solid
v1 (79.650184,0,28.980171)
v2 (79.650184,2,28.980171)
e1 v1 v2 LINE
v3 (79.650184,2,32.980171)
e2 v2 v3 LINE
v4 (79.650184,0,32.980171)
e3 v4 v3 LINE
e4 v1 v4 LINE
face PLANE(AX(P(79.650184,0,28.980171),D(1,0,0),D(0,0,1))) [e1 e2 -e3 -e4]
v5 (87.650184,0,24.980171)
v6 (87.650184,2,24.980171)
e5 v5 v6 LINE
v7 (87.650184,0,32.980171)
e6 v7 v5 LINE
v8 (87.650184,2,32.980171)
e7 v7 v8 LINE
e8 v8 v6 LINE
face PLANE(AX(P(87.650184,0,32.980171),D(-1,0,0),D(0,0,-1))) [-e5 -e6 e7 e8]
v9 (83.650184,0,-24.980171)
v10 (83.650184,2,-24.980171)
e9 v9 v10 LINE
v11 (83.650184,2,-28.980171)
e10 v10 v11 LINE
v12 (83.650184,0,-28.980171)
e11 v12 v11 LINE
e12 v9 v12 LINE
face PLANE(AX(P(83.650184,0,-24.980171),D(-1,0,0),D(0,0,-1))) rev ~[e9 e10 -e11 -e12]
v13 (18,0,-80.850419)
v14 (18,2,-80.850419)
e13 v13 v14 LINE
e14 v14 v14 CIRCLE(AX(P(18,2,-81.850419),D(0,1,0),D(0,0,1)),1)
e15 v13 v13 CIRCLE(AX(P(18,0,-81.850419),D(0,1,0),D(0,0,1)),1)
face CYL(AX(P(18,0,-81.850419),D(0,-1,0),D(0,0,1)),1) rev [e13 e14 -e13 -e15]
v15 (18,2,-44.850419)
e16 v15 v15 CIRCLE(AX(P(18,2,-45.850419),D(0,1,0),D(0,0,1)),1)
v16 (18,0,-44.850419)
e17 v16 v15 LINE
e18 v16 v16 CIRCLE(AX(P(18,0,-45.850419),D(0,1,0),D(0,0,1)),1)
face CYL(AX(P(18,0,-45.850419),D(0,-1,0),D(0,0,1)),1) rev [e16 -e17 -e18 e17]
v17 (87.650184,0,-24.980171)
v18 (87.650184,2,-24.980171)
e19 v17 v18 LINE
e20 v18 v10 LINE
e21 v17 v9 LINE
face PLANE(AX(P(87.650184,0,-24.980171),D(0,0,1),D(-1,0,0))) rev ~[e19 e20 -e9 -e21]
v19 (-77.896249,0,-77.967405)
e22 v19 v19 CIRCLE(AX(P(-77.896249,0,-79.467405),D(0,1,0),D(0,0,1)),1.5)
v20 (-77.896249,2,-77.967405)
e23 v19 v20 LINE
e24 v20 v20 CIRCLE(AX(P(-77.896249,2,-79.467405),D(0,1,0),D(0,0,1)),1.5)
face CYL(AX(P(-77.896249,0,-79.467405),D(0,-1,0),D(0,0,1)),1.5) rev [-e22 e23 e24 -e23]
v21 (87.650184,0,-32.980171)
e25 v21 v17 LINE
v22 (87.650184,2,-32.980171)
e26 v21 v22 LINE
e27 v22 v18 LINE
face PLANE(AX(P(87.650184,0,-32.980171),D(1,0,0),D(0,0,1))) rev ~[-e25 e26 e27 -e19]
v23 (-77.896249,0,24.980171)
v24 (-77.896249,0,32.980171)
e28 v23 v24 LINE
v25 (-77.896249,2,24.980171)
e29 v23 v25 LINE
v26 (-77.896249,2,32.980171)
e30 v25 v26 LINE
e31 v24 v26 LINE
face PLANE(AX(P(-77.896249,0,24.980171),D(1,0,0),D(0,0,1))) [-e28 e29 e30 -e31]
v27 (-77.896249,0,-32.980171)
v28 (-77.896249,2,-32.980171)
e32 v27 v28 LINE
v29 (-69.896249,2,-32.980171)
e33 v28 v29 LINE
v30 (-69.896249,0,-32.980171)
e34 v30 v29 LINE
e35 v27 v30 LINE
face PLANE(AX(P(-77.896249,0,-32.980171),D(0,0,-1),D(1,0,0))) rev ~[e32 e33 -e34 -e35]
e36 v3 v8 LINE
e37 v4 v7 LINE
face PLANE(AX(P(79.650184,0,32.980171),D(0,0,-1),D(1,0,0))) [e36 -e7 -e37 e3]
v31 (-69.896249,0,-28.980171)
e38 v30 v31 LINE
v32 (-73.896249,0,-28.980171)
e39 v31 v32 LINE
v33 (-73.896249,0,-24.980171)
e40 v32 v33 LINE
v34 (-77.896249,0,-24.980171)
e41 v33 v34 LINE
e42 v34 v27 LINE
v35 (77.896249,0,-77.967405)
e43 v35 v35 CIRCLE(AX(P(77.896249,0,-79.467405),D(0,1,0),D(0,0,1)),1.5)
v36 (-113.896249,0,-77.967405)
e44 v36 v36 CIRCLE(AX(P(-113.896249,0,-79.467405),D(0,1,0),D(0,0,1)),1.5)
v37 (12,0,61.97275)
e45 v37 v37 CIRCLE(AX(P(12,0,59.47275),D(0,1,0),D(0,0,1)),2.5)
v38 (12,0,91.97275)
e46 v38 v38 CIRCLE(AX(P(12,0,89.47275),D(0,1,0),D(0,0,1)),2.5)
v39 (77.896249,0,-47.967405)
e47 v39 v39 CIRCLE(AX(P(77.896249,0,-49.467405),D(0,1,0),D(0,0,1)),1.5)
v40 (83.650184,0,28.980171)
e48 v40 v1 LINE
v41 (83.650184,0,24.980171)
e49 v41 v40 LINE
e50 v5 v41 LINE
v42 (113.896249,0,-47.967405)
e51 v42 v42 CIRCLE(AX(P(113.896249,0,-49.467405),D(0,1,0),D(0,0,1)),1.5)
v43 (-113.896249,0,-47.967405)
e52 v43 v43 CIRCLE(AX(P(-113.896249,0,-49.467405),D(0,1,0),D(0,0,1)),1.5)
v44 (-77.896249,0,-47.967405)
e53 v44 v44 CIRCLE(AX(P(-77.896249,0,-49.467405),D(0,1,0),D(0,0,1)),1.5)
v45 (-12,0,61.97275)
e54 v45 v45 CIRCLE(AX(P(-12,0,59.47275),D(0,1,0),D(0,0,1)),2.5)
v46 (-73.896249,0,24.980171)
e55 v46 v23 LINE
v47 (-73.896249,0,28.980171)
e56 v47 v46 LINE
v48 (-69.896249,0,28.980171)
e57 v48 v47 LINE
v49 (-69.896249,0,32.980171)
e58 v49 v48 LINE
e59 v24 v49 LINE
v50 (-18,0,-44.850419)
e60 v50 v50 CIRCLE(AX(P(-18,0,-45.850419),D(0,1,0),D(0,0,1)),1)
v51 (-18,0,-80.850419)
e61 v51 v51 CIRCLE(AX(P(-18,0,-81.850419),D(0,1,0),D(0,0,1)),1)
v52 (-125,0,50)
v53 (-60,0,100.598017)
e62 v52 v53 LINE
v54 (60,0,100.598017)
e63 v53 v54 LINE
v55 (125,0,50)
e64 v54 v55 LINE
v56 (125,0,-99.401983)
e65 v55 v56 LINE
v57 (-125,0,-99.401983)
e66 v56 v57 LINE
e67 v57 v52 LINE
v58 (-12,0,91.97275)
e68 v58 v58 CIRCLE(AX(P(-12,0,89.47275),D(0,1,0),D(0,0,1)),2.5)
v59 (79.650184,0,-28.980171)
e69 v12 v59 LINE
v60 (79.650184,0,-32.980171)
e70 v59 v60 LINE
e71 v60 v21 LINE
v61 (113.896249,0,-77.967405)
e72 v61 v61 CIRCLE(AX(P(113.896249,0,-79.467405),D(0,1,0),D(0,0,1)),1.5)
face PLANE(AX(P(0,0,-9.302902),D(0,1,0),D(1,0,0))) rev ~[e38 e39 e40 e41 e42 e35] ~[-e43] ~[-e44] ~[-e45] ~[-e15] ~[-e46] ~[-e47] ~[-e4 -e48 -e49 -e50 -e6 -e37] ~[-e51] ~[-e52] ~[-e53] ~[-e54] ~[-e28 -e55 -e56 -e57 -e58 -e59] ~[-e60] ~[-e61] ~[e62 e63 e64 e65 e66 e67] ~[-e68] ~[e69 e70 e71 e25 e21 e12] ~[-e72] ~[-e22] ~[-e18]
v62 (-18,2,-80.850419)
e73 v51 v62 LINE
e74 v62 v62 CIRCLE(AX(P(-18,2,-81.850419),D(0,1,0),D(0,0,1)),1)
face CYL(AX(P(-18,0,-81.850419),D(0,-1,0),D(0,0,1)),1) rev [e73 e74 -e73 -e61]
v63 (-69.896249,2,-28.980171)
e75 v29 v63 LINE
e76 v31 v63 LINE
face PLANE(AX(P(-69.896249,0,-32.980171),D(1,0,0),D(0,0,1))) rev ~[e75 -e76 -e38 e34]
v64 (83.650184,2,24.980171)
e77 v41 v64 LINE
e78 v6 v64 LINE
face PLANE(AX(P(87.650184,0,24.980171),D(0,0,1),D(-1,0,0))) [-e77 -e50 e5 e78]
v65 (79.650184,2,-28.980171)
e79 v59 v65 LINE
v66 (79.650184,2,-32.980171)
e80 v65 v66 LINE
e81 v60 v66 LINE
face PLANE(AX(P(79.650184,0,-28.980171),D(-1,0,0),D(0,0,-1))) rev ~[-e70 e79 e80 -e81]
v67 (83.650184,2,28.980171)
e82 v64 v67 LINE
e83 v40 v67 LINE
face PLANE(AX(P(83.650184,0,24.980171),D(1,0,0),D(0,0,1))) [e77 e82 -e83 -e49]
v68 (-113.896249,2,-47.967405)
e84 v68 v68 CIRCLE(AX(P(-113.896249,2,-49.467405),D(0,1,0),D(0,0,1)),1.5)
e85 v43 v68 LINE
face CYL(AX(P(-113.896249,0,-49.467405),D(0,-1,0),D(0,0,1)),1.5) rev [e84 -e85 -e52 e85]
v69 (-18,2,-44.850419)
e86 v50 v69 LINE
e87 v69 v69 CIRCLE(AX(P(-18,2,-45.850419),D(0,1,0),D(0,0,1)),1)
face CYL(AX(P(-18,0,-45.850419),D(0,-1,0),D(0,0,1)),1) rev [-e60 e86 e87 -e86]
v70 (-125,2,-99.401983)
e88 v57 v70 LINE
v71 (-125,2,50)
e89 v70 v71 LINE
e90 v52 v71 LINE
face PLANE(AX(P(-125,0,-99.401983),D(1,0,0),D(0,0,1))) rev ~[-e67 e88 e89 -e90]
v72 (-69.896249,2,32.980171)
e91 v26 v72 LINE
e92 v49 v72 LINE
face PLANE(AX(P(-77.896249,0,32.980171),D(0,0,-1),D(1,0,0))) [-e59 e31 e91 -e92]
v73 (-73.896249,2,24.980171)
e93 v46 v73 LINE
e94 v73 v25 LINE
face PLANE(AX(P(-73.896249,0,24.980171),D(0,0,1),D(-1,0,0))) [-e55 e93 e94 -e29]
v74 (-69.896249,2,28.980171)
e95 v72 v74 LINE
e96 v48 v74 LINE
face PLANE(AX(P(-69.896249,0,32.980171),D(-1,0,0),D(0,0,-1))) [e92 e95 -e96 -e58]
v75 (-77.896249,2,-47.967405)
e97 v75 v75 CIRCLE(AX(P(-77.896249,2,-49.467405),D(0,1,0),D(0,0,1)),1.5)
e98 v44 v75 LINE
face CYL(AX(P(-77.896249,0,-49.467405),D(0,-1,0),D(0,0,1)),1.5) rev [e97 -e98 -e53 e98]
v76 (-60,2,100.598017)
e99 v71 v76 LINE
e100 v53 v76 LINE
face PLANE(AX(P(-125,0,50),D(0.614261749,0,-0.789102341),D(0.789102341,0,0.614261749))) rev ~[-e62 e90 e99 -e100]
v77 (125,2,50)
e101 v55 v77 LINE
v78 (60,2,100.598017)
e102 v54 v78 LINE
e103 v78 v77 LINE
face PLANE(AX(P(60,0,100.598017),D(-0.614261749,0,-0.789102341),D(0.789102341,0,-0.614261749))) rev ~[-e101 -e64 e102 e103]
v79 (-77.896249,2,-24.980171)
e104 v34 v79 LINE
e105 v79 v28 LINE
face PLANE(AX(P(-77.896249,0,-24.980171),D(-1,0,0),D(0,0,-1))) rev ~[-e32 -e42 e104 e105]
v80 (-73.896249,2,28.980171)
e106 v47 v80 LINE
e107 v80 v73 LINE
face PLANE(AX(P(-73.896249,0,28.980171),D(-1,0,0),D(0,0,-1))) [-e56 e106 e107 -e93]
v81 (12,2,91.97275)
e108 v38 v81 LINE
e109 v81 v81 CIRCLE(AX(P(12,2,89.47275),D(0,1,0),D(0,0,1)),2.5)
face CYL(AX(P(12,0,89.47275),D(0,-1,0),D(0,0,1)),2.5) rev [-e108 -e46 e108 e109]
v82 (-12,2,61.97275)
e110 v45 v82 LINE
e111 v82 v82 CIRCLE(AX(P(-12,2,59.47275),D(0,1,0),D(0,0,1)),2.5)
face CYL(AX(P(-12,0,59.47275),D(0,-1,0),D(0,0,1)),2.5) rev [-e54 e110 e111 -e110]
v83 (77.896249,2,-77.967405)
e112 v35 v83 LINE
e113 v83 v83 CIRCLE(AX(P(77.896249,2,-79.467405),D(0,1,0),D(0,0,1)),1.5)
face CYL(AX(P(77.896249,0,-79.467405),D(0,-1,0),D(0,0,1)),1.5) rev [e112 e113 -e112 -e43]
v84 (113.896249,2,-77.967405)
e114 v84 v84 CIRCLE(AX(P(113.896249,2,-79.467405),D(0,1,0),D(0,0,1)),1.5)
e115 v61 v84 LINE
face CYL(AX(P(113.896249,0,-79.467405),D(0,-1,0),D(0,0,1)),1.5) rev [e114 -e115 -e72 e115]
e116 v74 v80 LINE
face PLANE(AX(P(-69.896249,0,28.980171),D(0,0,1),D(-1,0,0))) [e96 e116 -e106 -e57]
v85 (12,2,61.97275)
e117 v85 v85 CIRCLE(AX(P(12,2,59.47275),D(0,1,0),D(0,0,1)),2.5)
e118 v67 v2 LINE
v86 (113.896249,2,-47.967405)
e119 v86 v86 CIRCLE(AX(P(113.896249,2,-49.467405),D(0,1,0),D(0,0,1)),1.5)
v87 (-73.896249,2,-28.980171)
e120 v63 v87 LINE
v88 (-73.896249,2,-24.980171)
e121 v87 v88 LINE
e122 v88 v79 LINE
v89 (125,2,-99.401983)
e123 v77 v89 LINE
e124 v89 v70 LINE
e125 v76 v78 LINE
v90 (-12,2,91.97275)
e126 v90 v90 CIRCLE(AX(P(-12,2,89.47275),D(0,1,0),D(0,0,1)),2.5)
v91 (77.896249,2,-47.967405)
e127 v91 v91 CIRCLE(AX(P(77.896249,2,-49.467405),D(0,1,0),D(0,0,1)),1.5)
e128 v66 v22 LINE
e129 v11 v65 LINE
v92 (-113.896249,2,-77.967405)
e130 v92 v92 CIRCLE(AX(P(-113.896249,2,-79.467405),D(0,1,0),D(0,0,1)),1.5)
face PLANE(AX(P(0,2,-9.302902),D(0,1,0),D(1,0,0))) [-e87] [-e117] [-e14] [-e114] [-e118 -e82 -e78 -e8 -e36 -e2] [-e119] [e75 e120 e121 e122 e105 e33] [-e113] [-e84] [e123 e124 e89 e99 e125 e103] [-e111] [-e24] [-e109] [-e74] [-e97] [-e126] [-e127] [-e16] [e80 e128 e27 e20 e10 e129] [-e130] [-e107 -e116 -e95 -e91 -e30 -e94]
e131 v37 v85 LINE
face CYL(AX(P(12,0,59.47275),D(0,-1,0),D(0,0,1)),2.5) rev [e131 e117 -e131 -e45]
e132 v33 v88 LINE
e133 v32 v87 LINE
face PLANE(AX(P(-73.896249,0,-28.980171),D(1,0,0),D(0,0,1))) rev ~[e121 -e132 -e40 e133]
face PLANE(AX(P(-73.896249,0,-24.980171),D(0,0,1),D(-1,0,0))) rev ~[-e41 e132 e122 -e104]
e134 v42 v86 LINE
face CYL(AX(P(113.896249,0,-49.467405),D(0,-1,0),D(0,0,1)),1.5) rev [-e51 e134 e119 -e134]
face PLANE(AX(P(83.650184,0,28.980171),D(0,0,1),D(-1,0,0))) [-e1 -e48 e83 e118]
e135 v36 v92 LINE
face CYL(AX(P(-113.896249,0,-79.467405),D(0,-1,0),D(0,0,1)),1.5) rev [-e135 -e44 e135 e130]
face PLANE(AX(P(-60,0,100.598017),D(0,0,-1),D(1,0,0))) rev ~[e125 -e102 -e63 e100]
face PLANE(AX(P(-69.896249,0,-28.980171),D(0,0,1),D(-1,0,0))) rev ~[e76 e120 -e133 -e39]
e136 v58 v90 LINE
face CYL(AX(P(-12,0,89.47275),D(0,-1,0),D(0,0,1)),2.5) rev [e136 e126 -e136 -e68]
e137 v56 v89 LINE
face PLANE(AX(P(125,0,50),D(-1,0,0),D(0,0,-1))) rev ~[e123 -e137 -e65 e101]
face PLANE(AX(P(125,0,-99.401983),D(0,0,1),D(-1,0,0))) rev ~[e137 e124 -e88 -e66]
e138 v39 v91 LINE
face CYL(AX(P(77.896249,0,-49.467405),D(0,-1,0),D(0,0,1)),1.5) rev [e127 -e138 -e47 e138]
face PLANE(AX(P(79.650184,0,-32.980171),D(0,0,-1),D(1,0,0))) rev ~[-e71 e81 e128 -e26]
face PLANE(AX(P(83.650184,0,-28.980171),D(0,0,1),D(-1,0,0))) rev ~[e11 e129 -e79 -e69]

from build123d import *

# Parameters (mm, degrees)
SKETCH1_R           = 1.5
SKETCH1_R_2         = 1
SKETCH1_R_3         = 2.5
BOSS_EXTRUDE1_DEPTH = 2


with BuildPart() as part:
    # Sketch1 → Boss-Extrude1 (new body)
    with BuildSketch(Plane(origin=(0, 0, 0), x_dir=(1, 0, 0), z_dir=(0, 1, 0))):
        Polygon((-125, -50), (-60, -100.598017019), (60, -100.598017019), (125, -50), (125, 99.401982981), (-125, 99.401982981), align=None)
        with Locations(Location((-77.896249371, 49.467404951, 0), (0, 0, 270))):
            Circle(SKETCH1_R, mode=Mode.SUBTRACT)
        with Locations(Location((-77.896249371, 79.467404951, 0), (0, 0, 270))):
            Circle(SKETCH1_R, mode=Mode.SUBTRACT)
        with Locations(Location((-113.896249371, 79.467404951, 0), (0, 0, 270))):
            Circle(SKETCH1_R, mode=Mode.SUBTRACT)
        with Locations(Location((-113.896249371, 49.467404951, 0), (0, 0, 270))):
            Circle(SKETCH1_R, mode=Mode.SUBTRACT)
        with Locations(Location((113.896249371, 49.467404951, 0), (0, 0, 270))):
            Circle(SKETCH1_R, mode=Mode.SUBTRACT)
        with Locations(Location((113.896249371, 79.467404951, 0), (0, 0, 270))):
            Circle(SKETCH1_R, mode=Mode.SUBTRACT)
        with Locations(Location((77.896249371, 79.467404951, 0), (0, 0, 270))):
            Circle(SKETCH1_R, mode=Mode.SUBTRACT)
        with Locations(Location((77.896249371, 49.467404951, 0), (0, 0, 270))):
            Circle(SKETCH1_R, mode=Mode.SUBTRACT)
        with Locations(Location((-18, 81.850418852, 0), (0, 0, 270))):
            Circle(SKETCH1_R_2, mode=Mode.SUBTRACT)
        with Locations(Location((-18, 45.850418852, 0), (0, 0, 270))):
            Circle(SKETCH1_R_2, mode=Mode.SUBTRACT)
        with Locations(Location((18, 81.850418852, 0), (0, 0, 270))):
            Circle(SKETCH1_R_2, mode=Mode.SUBTRACT)
        with Locations(Location((18, 45.850418852, 0), (0, 0, 270))):
            Circle(SKETCH1_R_2, mode=Mode.SUBTRACT)
        with Locations(Location((-12, -59.472750438, 0), (0, 0, 270))):
            Circle(SKETCH1_R_3, mode=Mode.SUBTRACT)
        with Locations(Location((12, -59.472750438, 0), (0, 0, 270))):
            Circle(SKETCH1_R_3, mode=Mode.SUBTRACT)
        with Locations(Location((12, -89.472750438, 0), (0, 0, 270))):
            Circle(SKETCH1_R_3, mode=Mode.SUBTRACT)
        with Locations(Location((-12, -89.472750438, 0), (0, 0, 270))):
            Circle(SKETCH1_R_3, mode=Mode.SUBTRACT)
        Polygon((-69.896249371, 32.980170885), (-69.896249371, 28.980170885), (-73.896249371, 28.980170885), (-73.896249371, 24.980170885), (-77.896249371, 24.980170885), (-77.896249371, 32.980170885), align=None, mode=Mode.SUBTRACT)
        Polygon((-77.896249371, -24.980170885), (-77.896249371, -32.980170885), (-69.896249371, -32.980170885), (-69.896249371, -28.980170885), (-73.896249371, -28.980170885), (-73.896249371, -24.980170885), align=None, mode=Mode.SUBTRACT)
        Polygon((79.650184211, 32.980170885), (87.650184211, 32.980170885), (87.650184211, 24.980170885), (83.650184211, 24.980170885), (83.650184211, 28.980170885), (79.650184211, 28.980170885), align=None, mode=Mode.SUBTRACT)
        Polygon((83.650184211, -28.980170885), (79.650184211, -28.980170885), (79.650184211, -32.980170885), (87.650184211, -32.980170885), (87.650184211, -24.980170885), (83.650184211, -24.980170885), align=None, mode=Mode.SUBTRACT)
    extrude(amount=BOSS_EXTRUDE1_DEPTH)


solid = part.part
